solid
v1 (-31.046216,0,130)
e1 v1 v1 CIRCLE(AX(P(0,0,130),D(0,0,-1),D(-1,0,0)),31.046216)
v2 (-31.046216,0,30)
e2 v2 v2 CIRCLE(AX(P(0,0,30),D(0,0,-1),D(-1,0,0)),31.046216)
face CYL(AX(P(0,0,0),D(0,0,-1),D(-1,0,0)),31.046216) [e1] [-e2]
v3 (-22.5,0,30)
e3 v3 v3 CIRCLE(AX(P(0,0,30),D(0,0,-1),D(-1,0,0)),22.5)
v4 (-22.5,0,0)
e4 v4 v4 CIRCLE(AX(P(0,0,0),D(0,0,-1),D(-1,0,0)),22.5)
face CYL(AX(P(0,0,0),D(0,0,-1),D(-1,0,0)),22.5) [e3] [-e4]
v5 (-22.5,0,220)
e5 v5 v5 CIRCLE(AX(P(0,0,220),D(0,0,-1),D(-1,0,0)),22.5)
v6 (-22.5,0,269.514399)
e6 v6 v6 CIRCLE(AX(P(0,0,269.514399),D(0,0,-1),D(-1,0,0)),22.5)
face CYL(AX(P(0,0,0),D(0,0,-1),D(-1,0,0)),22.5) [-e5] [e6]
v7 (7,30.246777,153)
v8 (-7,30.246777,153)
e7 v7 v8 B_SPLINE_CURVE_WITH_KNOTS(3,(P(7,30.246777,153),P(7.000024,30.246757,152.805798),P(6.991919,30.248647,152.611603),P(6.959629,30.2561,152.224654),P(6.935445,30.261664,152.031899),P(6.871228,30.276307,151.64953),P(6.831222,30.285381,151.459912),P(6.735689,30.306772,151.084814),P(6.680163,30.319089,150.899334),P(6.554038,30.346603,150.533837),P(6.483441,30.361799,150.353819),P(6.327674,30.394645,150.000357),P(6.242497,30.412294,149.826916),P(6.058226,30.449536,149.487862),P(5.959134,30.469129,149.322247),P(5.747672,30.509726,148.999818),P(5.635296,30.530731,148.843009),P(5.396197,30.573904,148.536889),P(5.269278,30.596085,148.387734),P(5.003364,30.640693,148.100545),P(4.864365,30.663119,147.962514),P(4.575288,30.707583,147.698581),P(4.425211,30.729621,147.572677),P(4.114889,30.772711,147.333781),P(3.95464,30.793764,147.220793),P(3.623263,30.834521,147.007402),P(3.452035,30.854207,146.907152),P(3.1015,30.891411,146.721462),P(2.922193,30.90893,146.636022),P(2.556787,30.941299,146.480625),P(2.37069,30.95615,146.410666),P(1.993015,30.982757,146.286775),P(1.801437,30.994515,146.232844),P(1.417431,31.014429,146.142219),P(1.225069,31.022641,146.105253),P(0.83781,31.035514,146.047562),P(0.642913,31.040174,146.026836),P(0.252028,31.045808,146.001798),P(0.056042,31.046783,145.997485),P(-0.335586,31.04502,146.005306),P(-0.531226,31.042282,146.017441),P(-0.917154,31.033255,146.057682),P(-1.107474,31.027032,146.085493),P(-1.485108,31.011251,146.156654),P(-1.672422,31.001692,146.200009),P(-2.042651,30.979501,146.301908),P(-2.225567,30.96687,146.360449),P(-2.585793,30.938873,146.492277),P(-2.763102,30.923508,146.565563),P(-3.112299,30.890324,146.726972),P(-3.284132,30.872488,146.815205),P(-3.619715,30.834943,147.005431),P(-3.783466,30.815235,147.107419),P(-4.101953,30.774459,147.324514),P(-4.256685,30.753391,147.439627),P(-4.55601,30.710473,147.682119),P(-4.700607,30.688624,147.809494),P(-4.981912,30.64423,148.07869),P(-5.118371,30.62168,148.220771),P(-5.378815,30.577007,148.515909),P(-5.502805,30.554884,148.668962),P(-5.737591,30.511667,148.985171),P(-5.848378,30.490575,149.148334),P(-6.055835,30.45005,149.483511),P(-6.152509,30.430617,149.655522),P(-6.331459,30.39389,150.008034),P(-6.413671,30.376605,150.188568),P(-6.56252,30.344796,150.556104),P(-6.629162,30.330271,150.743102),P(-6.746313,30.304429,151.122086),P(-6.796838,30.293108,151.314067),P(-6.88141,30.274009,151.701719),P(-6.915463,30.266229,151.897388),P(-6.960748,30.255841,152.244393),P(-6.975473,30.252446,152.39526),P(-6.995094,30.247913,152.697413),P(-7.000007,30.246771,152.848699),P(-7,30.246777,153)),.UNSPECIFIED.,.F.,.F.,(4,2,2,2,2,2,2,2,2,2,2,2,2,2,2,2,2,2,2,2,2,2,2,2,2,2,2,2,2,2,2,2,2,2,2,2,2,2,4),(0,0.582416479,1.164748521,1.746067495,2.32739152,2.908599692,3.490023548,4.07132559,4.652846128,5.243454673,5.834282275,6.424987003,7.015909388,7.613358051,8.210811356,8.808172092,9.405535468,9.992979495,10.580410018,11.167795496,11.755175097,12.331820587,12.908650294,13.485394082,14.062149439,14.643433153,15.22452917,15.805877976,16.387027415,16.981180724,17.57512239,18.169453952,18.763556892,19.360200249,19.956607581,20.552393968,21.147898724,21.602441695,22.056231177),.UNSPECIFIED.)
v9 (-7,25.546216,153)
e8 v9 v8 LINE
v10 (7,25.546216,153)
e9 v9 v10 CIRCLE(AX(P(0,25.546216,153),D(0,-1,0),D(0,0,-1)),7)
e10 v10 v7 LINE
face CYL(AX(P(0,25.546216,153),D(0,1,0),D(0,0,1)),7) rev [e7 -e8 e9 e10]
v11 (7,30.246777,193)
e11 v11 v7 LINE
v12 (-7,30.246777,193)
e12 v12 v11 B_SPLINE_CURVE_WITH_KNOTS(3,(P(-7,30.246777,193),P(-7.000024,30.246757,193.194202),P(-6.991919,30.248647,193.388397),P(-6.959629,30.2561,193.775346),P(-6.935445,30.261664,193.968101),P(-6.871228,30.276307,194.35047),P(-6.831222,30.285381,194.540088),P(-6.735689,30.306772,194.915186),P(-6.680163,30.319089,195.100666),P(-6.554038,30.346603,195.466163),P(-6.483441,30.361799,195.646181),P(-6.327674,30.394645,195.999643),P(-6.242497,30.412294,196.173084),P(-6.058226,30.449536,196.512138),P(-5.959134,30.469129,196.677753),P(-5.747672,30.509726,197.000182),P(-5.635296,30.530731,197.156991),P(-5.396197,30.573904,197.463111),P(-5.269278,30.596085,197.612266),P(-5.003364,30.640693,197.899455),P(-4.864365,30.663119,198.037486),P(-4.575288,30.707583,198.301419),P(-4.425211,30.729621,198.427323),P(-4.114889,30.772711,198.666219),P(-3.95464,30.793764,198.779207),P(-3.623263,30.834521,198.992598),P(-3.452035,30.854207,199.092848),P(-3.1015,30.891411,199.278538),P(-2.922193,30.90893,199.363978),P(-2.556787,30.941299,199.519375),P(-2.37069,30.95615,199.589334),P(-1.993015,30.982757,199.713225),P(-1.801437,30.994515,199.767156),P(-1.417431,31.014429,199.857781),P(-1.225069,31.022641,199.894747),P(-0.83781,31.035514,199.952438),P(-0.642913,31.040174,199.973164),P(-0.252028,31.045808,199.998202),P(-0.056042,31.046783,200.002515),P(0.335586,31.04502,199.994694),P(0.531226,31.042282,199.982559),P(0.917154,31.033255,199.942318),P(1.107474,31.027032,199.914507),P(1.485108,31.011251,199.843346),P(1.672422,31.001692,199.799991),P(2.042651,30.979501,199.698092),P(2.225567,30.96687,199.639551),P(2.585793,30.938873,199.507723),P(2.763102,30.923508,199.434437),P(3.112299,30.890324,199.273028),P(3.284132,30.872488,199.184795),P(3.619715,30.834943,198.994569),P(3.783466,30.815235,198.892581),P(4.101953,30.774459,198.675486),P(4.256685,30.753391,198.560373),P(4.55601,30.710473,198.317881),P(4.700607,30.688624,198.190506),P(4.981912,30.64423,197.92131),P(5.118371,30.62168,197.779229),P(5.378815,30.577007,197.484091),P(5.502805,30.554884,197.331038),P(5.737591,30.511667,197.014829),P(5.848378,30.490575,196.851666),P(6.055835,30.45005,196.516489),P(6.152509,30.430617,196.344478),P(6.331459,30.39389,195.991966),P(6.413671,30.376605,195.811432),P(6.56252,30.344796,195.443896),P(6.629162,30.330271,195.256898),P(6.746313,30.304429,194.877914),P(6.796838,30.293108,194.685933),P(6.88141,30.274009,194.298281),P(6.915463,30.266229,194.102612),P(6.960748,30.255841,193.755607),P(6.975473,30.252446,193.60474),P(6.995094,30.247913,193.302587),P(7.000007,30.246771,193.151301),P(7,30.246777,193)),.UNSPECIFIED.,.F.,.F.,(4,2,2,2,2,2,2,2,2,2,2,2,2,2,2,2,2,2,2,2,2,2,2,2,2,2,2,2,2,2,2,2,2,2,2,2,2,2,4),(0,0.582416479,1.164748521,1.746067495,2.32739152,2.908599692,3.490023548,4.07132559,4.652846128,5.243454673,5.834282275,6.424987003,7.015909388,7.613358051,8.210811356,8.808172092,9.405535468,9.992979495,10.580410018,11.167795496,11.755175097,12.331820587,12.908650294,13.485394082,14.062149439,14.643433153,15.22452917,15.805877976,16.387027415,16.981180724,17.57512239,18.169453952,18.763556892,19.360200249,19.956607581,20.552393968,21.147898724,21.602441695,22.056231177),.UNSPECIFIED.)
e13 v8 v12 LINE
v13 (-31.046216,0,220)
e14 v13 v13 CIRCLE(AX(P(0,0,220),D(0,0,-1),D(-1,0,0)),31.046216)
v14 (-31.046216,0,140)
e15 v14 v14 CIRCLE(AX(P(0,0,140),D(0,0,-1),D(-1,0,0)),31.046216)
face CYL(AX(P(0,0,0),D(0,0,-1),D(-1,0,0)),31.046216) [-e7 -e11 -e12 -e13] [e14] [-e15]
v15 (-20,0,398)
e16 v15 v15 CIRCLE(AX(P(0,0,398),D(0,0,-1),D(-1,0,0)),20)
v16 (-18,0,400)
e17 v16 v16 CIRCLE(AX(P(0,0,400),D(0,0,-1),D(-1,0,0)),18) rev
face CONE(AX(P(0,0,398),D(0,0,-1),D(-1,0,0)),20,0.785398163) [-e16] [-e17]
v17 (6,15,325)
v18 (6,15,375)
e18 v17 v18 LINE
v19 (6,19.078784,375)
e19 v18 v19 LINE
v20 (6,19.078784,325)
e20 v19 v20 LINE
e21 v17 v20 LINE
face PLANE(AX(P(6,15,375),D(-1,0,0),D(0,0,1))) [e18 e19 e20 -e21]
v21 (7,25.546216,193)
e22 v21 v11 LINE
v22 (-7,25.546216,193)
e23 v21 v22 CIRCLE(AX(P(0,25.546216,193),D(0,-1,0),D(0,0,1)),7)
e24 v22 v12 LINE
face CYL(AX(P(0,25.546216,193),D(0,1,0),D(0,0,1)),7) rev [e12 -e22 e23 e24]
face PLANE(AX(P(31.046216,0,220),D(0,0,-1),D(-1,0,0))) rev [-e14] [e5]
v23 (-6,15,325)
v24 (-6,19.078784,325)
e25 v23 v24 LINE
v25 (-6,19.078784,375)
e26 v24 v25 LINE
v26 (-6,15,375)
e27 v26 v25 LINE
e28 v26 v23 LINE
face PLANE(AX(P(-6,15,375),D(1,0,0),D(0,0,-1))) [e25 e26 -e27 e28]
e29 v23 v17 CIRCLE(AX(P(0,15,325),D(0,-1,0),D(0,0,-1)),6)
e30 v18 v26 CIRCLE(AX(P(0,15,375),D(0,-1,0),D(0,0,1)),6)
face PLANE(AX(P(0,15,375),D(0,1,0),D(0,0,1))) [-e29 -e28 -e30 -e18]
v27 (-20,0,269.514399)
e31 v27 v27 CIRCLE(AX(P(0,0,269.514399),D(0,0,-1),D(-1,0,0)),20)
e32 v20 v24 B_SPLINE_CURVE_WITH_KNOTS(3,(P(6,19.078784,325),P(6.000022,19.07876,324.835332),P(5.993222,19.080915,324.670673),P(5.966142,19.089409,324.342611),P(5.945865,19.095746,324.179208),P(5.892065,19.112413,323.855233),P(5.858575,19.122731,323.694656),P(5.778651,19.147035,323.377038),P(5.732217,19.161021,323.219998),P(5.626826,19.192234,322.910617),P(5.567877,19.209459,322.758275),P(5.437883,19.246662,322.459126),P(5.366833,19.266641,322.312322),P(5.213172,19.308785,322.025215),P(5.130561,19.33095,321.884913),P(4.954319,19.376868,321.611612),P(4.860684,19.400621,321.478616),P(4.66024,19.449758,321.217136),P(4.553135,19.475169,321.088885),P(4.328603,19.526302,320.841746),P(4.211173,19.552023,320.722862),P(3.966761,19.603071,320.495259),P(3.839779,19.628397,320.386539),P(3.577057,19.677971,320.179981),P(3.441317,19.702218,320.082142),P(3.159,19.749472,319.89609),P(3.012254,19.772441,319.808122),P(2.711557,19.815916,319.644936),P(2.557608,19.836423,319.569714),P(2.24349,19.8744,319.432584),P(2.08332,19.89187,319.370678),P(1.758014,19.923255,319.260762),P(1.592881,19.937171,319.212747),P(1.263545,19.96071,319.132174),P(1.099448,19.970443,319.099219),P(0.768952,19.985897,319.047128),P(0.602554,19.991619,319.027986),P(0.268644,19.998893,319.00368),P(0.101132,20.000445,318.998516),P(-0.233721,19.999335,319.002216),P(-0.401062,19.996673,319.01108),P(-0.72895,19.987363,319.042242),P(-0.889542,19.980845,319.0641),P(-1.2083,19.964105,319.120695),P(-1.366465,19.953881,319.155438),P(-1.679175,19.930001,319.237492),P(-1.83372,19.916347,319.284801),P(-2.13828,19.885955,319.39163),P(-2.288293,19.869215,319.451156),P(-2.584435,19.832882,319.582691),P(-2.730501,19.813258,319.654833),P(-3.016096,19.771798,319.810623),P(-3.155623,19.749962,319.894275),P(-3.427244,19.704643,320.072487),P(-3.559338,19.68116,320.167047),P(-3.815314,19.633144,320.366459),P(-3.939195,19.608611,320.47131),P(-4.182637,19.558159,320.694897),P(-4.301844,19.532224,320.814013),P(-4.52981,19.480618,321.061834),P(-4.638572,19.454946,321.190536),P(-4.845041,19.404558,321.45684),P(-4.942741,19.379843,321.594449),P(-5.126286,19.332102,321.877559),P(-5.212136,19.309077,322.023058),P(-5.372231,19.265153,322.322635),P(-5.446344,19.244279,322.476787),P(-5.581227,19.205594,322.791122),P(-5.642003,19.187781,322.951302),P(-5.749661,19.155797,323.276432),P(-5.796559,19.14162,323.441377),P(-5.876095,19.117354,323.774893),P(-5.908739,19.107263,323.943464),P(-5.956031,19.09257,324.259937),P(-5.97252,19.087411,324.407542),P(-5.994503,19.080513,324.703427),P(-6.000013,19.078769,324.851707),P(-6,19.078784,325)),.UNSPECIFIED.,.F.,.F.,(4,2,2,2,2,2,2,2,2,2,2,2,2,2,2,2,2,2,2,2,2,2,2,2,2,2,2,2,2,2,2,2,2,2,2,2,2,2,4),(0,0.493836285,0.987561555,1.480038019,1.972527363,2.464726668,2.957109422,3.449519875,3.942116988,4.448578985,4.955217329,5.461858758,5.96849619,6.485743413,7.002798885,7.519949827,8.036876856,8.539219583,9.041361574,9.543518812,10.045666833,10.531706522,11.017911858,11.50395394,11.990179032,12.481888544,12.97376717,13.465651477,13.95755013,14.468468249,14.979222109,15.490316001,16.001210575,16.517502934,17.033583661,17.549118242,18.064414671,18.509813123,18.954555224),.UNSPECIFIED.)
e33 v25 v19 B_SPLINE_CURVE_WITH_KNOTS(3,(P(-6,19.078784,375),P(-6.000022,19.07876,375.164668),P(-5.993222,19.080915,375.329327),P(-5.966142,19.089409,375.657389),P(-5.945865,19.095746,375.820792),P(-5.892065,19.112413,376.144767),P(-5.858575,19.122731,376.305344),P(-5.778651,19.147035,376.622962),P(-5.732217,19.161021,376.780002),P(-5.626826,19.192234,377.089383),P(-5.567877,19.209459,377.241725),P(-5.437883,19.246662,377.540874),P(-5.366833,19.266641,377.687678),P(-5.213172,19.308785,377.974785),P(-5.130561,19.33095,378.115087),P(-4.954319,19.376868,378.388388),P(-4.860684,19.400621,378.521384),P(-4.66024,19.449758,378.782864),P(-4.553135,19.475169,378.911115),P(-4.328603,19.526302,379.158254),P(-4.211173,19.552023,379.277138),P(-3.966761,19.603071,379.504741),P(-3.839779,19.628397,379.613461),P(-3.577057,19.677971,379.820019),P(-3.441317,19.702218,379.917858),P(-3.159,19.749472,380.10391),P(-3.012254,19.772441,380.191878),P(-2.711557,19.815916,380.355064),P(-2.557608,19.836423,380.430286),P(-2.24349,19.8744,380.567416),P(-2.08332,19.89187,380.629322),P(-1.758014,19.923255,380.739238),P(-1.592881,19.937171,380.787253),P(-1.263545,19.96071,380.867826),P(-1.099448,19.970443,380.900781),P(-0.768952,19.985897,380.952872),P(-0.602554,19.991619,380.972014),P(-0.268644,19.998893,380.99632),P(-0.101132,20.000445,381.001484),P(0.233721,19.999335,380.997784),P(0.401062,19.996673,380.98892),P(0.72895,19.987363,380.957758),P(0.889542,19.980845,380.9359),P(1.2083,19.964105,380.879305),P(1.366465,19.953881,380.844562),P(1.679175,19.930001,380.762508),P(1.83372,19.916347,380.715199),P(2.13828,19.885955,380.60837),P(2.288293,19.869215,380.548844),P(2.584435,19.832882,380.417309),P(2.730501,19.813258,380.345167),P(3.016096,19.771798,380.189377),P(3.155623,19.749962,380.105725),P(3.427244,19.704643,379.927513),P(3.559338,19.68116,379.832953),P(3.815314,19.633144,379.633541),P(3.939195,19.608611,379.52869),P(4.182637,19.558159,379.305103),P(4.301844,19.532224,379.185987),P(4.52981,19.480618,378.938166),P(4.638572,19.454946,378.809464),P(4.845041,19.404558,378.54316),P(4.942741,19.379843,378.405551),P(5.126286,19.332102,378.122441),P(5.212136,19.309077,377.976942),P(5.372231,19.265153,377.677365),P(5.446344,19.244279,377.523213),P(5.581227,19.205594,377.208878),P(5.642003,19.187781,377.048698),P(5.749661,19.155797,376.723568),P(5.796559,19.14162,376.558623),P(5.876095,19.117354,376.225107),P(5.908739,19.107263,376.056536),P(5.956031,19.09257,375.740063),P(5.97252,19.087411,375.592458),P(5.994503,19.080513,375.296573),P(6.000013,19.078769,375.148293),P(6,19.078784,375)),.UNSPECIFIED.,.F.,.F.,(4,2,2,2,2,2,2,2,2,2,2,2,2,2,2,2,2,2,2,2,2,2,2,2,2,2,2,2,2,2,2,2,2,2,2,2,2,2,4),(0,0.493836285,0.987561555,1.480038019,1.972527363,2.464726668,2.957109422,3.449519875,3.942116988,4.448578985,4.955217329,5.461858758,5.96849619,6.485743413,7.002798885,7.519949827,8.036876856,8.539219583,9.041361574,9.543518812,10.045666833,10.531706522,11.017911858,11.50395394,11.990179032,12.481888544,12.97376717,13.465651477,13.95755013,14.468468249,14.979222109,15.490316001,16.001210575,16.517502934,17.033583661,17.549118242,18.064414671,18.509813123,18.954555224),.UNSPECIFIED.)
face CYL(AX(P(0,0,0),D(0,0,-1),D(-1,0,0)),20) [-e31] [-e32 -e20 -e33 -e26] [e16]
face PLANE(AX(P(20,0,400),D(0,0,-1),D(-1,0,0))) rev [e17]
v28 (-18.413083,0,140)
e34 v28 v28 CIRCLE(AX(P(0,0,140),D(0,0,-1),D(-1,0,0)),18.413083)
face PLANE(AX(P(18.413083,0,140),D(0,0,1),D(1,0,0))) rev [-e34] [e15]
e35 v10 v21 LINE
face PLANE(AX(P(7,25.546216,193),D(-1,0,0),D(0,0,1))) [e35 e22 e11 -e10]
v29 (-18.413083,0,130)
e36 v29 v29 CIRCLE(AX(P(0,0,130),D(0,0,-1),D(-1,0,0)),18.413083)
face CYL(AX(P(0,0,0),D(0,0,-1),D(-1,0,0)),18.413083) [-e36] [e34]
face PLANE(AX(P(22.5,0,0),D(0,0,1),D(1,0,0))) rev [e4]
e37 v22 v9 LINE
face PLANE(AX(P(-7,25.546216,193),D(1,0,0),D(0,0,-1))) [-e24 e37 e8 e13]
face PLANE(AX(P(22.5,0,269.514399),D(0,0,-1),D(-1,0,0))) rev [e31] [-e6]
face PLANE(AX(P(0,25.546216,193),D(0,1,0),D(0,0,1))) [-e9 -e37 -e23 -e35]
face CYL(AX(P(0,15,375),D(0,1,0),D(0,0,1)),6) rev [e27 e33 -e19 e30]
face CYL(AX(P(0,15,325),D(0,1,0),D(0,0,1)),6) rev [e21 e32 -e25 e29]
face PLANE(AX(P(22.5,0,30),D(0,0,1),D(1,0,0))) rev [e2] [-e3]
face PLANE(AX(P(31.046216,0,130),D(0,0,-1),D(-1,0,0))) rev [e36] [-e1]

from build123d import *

# Parameters (mm, degrees)
CUT_EXTRUDE1_DEPTH  = 5
CUT_EXTRUDE12_DEPTH = 5.5
CHAMFER1_SIZE       = 2


with BuildPart() as part:
    # Sketch1 → Revolve1 (revolve)
    with BuildSketch(Plane(origin=(0, 0, 0), x_dir=(1, 0, 0), z_dir=(0, 1, 0))):
        Polygon((0, 0), (0, -400), (20, -400), (20, -269.514398681), (22.5, -269.514398681), (22.5, -220), (31.046216184, -220), (31.046216184, -140), (18.413082613, -140), (18.413082613, -130), (31.046216184, -130), (31.046216184, -30), (22.5, -30), (22.5, 0), align=None)
    revolve(axis=Axis((0, 0, 0), (0, 0, 1)))

    # Sketch3 → Cut-Extrude1 (cut)
    with BuildSketch(Plane(origin=(0, 20, 400), x_dir=(0, 0, 1), z_dir=(0, -1, 0))):
        with BuildLine():
            Line((-25, 6), (-75, 6))
            ThreePointArc((-75, 6), (-81, 0), (-75, -6))
            Line((-75, -6), (-25, -6))
            ThreePointArc((-25, -6), (-19, 0), (-25, 6))
        make_face()
    extrude(amount=CUT_EXTRUDE1_DEPTH, mode=Mode.SUBTRACT)

    # Sketch32 → Cut-Extrude12 (cut)
    with BuildSketch(Plane(origin=(0, 31.046216184, 220), x_dir=(0, 0, 1), z_dir=(0, -1, 0))):
        with BuildLine():
            Line((-27, 7), (-67, 7))
            ThreePointArc((-67, 7), (-74, 0), (-67, -7))
            Line((-67, -7), (-27, -7))
            ThreePointArc((-27, -7), (-20, 0), (-27, 7))
        make_face()
    extrude(amount=CUT_EXTRUDE12_DEPTH, mode=Mode.SUBTRACT)

    # Chamfer1
    chamfer1_edges = [part.edges().sort_by_distance(p)[0] for p in [
        (-20, 0, 400),
    ]]
    chamfer(chamfer1_edges, length=CHAMFER1_SIZE)


solid = part.part
